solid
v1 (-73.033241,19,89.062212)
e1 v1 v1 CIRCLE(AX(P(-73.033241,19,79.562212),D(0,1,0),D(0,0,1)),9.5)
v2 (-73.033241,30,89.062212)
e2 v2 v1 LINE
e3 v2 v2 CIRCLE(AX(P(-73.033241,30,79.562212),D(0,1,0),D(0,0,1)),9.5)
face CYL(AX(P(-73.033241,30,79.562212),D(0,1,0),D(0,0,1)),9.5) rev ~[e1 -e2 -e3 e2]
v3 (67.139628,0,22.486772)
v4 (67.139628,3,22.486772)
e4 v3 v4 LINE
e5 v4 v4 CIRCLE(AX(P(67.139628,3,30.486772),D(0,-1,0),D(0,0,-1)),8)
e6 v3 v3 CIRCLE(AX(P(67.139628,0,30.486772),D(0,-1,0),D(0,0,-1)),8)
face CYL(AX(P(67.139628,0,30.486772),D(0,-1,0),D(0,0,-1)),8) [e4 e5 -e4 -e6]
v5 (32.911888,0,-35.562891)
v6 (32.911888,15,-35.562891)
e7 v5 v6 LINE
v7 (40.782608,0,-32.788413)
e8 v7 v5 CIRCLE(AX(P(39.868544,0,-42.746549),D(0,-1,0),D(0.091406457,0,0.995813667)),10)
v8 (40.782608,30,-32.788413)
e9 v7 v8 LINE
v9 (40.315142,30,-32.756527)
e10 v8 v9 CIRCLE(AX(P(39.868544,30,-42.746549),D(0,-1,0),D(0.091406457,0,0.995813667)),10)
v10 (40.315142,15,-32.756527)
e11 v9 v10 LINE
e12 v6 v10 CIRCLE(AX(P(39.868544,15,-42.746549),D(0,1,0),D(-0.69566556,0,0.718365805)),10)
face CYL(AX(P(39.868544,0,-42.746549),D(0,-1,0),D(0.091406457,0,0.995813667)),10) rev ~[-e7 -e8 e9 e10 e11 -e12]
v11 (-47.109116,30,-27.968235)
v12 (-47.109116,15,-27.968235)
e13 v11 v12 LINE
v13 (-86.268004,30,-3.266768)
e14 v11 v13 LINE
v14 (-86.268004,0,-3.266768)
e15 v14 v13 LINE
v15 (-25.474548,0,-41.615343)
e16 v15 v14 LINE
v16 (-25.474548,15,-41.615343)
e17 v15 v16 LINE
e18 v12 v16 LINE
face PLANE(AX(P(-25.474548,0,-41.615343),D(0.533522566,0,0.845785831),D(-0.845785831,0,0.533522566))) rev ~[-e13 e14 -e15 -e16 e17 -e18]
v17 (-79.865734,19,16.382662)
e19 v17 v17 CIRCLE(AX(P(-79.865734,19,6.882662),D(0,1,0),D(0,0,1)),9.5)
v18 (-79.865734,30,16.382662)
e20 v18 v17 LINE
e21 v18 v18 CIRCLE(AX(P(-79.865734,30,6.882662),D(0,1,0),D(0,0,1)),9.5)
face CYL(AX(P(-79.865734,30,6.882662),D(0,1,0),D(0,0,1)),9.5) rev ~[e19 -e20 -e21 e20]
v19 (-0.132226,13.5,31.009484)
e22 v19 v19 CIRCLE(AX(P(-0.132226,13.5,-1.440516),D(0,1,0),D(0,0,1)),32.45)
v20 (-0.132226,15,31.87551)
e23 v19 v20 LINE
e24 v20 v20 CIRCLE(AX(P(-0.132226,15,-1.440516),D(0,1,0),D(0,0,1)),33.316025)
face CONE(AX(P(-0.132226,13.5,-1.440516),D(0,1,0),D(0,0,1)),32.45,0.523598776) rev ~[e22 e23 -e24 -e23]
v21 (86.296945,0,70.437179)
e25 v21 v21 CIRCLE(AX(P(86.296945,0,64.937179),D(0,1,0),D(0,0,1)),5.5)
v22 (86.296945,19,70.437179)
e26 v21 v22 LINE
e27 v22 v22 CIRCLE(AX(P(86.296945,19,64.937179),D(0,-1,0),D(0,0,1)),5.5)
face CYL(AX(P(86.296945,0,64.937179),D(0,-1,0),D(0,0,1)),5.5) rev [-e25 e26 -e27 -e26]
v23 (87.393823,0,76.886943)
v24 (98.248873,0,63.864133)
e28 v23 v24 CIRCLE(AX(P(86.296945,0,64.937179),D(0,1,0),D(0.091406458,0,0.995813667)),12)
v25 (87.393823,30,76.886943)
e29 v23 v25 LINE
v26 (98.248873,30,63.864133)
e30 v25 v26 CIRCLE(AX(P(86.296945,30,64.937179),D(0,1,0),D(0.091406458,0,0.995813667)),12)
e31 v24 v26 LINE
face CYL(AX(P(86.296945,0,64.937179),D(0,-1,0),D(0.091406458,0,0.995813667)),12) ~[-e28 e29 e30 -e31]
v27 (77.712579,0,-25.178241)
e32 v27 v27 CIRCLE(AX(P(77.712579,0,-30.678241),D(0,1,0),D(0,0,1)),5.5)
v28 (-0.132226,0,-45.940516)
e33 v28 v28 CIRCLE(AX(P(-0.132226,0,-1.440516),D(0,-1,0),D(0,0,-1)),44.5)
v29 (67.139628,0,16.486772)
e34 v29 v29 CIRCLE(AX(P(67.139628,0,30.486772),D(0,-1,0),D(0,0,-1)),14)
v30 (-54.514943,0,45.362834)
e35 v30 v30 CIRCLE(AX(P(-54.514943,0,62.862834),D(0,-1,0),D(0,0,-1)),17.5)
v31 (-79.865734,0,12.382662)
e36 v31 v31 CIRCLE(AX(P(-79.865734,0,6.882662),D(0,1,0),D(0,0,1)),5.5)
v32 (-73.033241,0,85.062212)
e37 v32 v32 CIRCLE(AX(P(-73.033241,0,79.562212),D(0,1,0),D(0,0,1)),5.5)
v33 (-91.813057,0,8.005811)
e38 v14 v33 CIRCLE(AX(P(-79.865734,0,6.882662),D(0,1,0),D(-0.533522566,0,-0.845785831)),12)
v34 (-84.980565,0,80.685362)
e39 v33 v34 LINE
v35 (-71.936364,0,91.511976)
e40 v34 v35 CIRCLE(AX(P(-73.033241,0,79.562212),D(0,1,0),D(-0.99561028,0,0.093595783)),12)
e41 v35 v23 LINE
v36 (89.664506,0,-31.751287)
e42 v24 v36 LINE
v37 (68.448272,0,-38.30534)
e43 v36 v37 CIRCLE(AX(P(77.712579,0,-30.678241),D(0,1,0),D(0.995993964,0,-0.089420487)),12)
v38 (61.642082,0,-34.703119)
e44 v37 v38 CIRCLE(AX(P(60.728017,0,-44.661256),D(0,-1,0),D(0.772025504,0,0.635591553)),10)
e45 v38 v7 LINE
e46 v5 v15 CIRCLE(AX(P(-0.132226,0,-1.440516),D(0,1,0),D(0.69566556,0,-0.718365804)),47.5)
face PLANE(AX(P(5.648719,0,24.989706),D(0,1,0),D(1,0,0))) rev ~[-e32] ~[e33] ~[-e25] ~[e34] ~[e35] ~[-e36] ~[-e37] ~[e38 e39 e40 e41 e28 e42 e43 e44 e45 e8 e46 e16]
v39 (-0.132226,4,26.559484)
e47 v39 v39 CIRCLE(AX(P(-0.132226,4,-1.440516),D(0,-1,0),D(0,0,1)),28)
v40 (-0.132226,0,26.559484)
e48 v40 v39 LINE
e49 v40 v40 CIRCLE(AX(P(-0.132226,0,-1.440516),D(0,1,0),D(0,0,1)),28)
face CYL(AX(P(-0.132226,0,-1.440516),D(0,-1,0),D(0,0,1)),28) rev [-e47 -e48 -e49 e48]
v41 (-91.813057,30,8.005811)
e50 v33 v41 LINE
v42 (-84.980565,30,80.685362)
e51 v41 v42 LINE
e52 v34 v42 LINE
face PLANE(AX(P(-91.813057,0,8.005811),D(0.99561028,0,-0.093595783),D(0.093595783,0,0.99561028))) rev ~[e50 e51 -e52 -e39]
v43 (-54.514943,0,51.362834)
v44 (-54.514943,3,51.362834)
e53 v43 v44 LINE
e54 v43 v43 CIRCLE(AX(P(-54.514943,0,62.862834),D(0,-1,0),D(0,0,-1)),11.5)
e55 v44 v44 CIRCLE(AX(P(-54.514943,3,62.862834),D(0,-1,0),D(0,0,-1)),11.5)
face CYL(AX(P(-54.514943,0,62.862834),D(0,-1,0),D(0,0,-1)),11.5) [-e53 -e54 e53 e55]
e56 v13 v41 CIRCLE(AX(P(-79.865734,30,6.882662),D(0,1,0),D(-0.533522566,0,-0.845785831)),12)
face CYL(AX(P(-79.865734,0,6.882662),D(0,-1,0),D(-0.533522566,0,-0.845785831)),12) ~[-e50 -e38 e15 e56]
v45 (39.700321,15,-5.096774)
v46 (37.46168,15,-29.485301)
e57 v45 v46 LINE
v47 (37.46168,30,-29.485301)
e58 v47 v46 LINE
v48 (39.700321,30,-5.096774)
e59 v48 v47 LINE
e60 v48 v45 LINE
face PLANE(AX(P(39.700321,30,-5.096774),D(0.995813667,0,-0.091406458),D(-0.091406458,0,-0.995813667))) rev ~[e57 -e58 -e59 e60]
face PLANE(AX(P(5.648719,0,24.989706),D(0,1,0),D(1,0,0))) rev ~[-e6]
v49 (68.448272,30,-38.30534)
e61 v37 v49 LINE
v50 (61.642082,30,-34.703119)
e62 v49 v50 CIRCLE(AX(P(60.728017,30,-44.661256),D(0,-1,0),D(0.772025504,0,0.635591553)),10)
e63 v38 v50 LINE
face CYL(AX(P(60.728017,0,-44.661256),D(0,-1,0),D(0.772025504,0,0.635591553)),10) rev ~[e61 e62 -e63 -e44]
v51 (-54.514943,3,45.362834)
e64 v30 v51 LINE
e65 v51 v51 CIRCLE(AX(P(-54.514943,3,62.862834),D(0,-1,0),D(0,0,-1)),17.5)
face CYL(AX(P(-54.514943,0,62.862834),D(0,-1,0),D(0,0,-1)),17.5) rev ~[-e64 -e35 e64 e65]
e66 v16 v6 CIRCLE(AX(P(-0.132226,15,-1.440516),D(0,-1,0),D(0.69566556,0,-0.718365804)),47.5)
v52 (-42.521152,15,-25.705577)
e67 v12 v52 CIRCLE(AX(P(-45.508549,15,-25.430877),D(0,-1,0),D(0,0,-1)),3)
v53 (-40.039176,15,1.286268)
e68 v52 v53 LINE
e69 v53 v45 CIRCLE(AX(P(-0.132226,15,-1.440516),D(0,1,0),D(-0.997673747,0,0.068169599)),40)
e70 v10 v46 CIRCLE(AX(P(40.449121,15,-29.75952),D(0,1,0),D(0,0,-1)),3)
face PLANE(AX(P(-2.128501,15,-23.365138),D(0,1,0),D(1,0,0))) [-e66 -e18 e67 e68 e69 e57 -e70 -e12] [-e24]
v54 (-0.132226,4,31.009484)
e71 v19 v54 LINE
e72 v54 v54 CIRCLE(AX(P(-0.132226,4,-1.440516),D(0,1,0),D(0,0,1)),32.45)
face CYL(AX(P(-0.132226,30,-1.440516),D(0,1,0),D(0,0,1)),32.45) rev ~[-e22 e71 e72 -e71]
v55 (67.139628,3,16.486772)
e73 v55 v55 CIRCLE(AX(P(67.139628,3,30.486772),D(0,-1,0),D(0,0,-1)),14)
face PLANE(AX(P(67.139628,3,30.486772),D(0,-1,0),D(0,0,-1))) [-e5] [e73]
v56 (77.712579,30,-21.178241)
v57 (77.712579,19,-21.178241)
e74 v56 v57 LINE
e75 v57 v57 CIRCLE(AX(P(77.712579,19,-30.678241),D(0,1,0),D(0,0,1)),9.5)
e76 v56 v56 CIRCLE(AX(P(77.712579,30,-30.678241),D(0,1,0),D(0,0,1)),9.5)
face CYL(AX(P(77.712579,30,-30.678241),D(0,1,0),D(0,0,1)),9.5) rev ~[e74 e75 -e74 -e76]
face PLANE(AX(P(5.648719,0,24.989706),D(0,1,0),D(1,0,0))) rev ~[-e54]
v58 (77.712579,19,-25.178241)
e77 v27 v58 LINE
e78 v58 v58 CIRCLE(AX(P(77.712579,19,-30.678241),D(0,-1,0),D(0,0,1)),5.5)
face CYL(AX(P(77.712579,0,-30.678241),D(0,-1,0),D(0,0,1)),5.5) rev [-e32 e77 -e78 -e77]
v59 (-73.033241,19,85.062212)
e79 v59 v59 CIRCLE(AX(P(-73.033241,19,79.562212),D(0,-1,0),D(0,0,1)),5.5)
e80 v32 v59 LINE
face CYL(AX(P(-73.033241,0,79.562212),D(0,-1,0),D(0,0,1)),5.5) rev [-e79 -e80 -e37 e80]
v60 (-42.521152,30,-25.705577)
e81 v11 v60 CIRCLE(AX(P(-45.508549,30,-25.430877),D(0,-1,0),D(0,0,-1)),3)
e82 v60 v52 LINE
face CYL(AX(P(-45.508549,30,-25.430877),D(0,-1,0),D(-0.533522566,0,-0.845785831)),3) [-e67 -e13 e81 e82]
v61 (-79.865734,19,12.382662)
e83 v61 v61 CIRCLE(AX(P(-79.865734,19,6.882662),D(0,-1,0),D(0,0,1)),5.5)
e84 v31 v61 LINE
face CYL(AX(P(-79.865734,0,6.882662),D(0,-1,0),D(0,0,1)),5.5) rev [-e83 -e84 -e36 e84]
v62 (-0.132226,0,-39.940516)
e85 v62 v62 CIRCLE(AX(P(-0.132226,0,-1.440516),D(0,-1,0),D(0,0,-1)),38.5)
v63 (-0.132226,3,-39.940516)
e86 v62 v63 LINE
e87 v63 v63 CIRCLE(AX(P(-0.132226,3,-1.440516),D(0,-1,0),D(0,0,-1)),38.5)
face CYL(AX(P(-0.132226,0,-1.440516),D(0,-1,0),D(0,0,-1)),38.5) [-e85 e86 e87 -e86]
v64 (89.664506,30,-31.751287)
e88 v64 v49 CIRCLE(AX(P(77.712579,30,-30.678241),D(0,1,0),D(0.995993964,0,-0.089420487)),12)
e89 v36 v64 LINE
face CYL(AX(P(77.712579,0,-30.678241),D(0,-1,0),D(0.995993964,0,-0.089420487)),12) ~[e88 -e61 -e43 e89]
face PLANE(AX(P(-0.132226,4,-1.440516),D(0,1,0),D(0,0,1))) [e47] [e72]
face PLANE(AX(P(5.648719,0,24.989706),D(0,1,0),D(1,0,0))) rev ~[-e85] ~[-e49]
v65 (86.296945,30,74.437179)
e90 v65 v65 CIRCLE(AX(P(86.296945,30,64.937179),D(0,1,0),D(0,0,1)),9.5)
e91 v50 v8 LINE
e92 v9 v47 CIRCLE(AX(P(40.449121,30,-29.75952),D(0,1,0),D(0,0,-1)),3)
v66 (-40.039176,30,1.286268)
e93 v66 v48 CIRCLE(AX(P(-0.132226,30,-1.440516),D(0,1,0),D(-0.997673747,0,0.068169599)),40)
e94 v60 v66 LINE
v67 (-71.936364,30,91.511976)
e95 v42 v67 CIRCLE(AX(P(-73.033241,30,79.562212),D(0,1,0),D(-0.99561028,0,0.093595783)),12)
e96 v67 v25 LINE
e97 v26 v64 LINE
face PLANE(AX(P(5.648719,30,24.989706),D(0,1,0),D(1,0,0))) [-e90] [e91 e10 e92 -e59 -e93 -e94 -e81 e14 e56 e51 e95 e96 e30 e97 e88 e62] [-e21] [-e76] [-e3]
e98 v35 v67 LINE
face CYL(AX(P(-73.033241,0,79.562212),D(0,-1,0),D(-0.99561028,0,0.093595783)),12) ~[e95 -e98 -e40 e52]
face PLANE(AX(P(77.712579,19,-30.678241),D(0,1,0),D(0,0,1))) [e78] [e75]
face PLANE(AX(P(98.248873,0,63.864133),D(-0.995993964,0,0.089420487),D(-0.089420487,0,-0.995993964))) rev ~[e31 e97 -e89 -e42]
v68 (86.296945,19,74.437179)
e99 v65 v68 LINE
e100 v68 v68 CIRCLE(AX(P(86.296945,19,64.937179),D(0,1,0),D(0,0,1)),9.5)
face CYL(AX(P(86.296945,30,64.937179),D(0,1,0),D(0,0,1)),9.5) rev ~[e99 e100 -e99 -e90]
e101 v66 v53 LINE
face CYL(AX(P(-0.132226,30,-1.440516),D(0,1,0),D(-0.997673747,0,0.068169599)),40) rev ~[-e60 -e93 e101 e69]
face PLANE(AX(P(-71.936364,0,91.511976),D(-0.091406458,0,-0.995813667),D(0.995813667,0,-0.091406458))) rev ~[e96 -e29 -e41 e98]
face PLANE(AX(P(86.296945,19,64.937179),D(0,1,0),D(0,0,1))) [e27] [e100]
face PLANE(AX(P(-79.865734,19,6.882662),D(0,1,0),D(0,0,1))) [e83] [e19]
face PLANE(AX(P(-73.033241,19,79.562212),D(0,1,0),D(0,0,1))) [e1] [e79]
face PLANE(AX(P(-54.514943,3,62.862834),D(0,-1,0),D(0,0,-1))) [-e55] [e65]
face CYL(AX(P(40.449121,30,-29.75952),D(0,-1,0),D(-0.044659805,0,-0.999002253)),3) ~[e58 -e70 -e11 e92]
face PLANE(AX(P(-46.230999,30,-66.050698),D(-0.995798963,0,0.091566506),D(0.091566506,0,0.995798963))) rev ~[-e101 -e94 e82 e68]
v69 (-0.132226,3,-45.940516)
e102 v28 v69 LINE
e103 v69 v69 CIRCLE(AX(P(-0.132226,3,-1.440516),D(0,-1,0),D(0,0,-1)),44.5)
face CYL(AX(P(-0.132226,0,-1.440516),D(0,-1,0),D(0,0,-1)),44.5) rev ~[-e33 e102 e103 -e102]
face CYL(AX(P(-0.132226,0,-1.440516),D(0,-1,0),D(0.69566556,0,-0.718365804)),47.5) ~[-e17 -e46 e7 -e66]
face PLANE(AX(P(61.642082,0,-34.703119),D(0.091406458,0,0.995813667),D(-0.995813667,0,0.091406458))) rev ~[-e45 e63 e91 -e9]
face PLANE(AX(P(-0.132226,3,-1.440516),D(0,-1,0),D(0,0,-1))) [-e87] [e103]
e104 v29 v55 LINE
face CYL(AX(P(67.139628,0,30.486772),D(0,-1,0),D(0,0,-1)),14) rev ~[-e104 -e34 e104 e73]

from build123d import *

# Parameters (mm, degrees)
SKETCH7_R               = 5.5
SKETCH7_R_2             = 28
MAIN_BODY_DEPTH         = 30
BOLT_HEAD_COUNTERSINK_R = 9.5
COUNTERSINK_HOLES_DEPTH = 11
SKETCH9_R               = 32.45
CUT_EXTRUDE2_DEPTH      = 26
CUT_EXTRUDE3_DEPTH      = 15
ROUND_EDGES_R           = 3
F_30_CHAMFER1_SIZE      = 1.5
F_30_CHAMFER1_SIZE2     = 0.866025404
SKETCH11_R              = 44.5
SKETCH11_R_2            = 38.5
SKETCH11_R_3            = 17.5
SKETCH11_R_4            = 11.5
SKETCH11_R_5            = 14
SKETCH11_R_6            = 8
CUT_EXTRUDE4_DEPTH      = 3


with BuildPart() as part:
    # Sketch7 → Main body (new body)
    with BuildSketch(Plane(origin=(0, 0, 0), x_dir=(1, 0, 0), z_dir=(0, 1, 0))):
        with BuildLine():
            Line((-91.813057025, -8.005811355), (-84.980564836, -80.685361783))
            ThreePointArc((-84.980564836, -80.685361783), (-80.697244338, -88.79601226), (-71.936363988, -91.511976387))
            Line((-71.936363988, -91.511976387), (87.393822743, -76.886943186))
            ThreePointArc((87.393822743, -76.886943186), (95.514657683, -72.620523346), (98.248872823, -63.864133341))
            Line((98.248872823, -63.864133341), (89.6645061, 31.751287215))
            ThreePointArc((89.6645061, 31.751287215), (81.254432476, 42.143635856), (68.448272489, 38.305340008))
            ThreePointArc((68.448272489, 38.305340008), (65.405823358, 35.822809296), (61.642082029, 34.703118865))
            Line((61.642082029, 34.703118865), (40.782608291, 32.788412667))
            ThreePointArc((40.782608291, 32.788412667), (36.543989689, 33.315359566), (32.911888119, 35.562891293))
            ThreePointArc((32.911888119, 35.562891293), (4.765471685, 48.687341482), (-25.474547855, 41.615342543))
            Line((-25.474547855, 41.615342543), (-86.26800446, 3.266768015))
            ThreePointArc((-86.26800446, 3.266768015), (-90.633494009, -1.585933038), (-91.813057025, -8.005811355))
        make_face()
        with Locations(Location((77.712578531, 30.678241374, 0), (0, 0, 270))):
            Circle(SKETCH7_R, mode=Mode.SUBTRACT)
        with Locations(Location((-79.865733667, -6.882661954, 0), (0, 0, 270))):
            Circle(SKETCH7_R, mode=Mode.SUBTRACT)
        with Locations(Location((86.296945253, -64.937179181, 0), (0, 0, 270))):
            Circle(SKETCH7_R, mode=Mode.SUBTRACT)
        with Locations(Location((-73.033241478, -79.562212382, 0), (0, 0, 270))):
            Circle(SKETCH7_R, mode=Mode.SUBTRACT)
        with Locations(Location((-0.132225968, 1.440515582, 0), (0, 0, 270))):
            Circle(SKETCH7_R_2, mode=Mode.SUBTRACT)
    extrude(amount=MAIN_BODY_DEPTH)

    # bolt head countersink → countersink holes (cut)
    with BuildSketch(Plane(origin=(0, 30, 0), x_dir=(1, 0, 0), z_dir=(0, 1, 0))):
        with Locations(Location((-79.865733667, -6.882661954, 0), (0, 0, 270))):
            Circle(BOLT_HEAD_COUNTERSINK_R)
        with Locations(Location((-73.033241478, -79.562212382, 0), (0, 0, 270))):
            Circle(BOLT_HEAD_COUNTERSINK_R)
        with Locations(Location((77.712578531, 30.678241374, 0), (0, 0, 270))):
            Circle(BOLT_HEAD_COUNTERSINK_R)
        with Locations(Location((86.296945253, -64.937179181, 0), (0, 0, 270))):
            Circle(BOLT_HEAD_COUNTERSINK_R)
    extrude(amount=-COUNTERSINK_HOLES_DEPTH, mode=Mode.SUBTRACT)

    # Sketch9 → Cut-Extrude2 (cut)
    with BuildSketch(Plane(origin=(0, 30, 0), x_dir=(1, 0, 0), z_dir=(0, 1, 0))):
        with Locations(Location((-0.132225968, 1.440515582, 0), (0, 0, 270))):
            Circle(SKETCH9_R)
    extrude(amount=-CUT_EXTRUDE2_DEPTH, mode=Mode.SUBTRACT)

    # Sketch10 → Cut-Extrude3 (cut)
    with BuildSketch(Plane(origin=(0, 30, 0), x_dir=(1, 0, 0), z_dir=(0, 1, 0))):
        with BuildLine():
            Line((-46.230998709, 66.050698395), (-40.039175854, -1.286268383))
            ThreePointArc((-40.039175854, -1.286268383), (3.059511975, -38.431941189), (39.700320715, 5.096773882))
            Line((39.700320715, 5.096773882), (33.434094657, 73.363214995))
            Line((33.434094657, 73.363214995), (-46.230998709, 66.050698395))
        make_face()
    extrude(amount=-CUT_EXTRUDE3_DEPTH, mode=Mode.SUBTRACT)

    # round edges
    round_edges_edges = [part.edges().sort_by_distance(p)[0] for p in [
        (-42.96933308, 22.5, -30.579614152),
        (37.127163098, 22.5, -33.12964587),
    ]]
    fillet(round_edges_edges, radius=ROUND_EDGES_R)

    # 30 Chamfer1
    f_30_chamfer1_edges = [part.edges().sort_by_distance(p)[0] for p in [
        (-0.132225968, 15, -33.890515582),
    ]]
    f_30_chamfer1_side = [part.faces().sort_by_distance(p)[0] for p in [
        (-0.132225968, 9.5, -33.890515582),
    ]]
    chamfer(f_30_chamfer1_edges, length=F_30_CHAMFER1_SIZE, length2=F_30_CHAMFER1_SIZE2, reference=f_30_chamfer1_side[0])

    # Sketch11 → Cut-Extrude4 (cut)
    # profile 1 of 3: a face of its own
    with BuildSketch(Plane.XZ):
        with Locations(Location((-0.132225968, -1.440515582, 0), (0, 0, 270))):
            Circle(SKETCH11_R)
        with Locations(Location((-0.132225968, -1.440515582, 0), (0, 0, 270))):
            Circle(SKETCH11_R_2, mode=Mode.SUBTRACT)
    # profile 2 of 3: a face of its own
    with BuildSketch(Plane.XZ):
        with Locations(Location((-54.514942776, 62.86283352, 0), (0, 0, 270))):
            Circle(SKETCH11_R_3)
        with Locations(Location((-54.514942776, 62.86283352, 0), (0, 0, 270))):
            Circle(SKETCH11_R_4, mode=Mode.SUBTRACT)
    # profile 3 of 3: a face of its own
    with BuildSketch(Plane.XZ):
        with Locations(Location((67.139628144, 30.48677163, 0), (0, 0, 270))):
            Circle(SKETCH11_R_5)
        with Locations(Location((67.139628144, 30.48677163, 0), (0, 0, 270))):
            Circle(SKETCH11_R_6, mode=Mode.SUBTRACT)
    extrude(amount=-CUT_EXTRUDE4_DEPTH, mode=Mode.SUBTRACT)


solid = part.part
